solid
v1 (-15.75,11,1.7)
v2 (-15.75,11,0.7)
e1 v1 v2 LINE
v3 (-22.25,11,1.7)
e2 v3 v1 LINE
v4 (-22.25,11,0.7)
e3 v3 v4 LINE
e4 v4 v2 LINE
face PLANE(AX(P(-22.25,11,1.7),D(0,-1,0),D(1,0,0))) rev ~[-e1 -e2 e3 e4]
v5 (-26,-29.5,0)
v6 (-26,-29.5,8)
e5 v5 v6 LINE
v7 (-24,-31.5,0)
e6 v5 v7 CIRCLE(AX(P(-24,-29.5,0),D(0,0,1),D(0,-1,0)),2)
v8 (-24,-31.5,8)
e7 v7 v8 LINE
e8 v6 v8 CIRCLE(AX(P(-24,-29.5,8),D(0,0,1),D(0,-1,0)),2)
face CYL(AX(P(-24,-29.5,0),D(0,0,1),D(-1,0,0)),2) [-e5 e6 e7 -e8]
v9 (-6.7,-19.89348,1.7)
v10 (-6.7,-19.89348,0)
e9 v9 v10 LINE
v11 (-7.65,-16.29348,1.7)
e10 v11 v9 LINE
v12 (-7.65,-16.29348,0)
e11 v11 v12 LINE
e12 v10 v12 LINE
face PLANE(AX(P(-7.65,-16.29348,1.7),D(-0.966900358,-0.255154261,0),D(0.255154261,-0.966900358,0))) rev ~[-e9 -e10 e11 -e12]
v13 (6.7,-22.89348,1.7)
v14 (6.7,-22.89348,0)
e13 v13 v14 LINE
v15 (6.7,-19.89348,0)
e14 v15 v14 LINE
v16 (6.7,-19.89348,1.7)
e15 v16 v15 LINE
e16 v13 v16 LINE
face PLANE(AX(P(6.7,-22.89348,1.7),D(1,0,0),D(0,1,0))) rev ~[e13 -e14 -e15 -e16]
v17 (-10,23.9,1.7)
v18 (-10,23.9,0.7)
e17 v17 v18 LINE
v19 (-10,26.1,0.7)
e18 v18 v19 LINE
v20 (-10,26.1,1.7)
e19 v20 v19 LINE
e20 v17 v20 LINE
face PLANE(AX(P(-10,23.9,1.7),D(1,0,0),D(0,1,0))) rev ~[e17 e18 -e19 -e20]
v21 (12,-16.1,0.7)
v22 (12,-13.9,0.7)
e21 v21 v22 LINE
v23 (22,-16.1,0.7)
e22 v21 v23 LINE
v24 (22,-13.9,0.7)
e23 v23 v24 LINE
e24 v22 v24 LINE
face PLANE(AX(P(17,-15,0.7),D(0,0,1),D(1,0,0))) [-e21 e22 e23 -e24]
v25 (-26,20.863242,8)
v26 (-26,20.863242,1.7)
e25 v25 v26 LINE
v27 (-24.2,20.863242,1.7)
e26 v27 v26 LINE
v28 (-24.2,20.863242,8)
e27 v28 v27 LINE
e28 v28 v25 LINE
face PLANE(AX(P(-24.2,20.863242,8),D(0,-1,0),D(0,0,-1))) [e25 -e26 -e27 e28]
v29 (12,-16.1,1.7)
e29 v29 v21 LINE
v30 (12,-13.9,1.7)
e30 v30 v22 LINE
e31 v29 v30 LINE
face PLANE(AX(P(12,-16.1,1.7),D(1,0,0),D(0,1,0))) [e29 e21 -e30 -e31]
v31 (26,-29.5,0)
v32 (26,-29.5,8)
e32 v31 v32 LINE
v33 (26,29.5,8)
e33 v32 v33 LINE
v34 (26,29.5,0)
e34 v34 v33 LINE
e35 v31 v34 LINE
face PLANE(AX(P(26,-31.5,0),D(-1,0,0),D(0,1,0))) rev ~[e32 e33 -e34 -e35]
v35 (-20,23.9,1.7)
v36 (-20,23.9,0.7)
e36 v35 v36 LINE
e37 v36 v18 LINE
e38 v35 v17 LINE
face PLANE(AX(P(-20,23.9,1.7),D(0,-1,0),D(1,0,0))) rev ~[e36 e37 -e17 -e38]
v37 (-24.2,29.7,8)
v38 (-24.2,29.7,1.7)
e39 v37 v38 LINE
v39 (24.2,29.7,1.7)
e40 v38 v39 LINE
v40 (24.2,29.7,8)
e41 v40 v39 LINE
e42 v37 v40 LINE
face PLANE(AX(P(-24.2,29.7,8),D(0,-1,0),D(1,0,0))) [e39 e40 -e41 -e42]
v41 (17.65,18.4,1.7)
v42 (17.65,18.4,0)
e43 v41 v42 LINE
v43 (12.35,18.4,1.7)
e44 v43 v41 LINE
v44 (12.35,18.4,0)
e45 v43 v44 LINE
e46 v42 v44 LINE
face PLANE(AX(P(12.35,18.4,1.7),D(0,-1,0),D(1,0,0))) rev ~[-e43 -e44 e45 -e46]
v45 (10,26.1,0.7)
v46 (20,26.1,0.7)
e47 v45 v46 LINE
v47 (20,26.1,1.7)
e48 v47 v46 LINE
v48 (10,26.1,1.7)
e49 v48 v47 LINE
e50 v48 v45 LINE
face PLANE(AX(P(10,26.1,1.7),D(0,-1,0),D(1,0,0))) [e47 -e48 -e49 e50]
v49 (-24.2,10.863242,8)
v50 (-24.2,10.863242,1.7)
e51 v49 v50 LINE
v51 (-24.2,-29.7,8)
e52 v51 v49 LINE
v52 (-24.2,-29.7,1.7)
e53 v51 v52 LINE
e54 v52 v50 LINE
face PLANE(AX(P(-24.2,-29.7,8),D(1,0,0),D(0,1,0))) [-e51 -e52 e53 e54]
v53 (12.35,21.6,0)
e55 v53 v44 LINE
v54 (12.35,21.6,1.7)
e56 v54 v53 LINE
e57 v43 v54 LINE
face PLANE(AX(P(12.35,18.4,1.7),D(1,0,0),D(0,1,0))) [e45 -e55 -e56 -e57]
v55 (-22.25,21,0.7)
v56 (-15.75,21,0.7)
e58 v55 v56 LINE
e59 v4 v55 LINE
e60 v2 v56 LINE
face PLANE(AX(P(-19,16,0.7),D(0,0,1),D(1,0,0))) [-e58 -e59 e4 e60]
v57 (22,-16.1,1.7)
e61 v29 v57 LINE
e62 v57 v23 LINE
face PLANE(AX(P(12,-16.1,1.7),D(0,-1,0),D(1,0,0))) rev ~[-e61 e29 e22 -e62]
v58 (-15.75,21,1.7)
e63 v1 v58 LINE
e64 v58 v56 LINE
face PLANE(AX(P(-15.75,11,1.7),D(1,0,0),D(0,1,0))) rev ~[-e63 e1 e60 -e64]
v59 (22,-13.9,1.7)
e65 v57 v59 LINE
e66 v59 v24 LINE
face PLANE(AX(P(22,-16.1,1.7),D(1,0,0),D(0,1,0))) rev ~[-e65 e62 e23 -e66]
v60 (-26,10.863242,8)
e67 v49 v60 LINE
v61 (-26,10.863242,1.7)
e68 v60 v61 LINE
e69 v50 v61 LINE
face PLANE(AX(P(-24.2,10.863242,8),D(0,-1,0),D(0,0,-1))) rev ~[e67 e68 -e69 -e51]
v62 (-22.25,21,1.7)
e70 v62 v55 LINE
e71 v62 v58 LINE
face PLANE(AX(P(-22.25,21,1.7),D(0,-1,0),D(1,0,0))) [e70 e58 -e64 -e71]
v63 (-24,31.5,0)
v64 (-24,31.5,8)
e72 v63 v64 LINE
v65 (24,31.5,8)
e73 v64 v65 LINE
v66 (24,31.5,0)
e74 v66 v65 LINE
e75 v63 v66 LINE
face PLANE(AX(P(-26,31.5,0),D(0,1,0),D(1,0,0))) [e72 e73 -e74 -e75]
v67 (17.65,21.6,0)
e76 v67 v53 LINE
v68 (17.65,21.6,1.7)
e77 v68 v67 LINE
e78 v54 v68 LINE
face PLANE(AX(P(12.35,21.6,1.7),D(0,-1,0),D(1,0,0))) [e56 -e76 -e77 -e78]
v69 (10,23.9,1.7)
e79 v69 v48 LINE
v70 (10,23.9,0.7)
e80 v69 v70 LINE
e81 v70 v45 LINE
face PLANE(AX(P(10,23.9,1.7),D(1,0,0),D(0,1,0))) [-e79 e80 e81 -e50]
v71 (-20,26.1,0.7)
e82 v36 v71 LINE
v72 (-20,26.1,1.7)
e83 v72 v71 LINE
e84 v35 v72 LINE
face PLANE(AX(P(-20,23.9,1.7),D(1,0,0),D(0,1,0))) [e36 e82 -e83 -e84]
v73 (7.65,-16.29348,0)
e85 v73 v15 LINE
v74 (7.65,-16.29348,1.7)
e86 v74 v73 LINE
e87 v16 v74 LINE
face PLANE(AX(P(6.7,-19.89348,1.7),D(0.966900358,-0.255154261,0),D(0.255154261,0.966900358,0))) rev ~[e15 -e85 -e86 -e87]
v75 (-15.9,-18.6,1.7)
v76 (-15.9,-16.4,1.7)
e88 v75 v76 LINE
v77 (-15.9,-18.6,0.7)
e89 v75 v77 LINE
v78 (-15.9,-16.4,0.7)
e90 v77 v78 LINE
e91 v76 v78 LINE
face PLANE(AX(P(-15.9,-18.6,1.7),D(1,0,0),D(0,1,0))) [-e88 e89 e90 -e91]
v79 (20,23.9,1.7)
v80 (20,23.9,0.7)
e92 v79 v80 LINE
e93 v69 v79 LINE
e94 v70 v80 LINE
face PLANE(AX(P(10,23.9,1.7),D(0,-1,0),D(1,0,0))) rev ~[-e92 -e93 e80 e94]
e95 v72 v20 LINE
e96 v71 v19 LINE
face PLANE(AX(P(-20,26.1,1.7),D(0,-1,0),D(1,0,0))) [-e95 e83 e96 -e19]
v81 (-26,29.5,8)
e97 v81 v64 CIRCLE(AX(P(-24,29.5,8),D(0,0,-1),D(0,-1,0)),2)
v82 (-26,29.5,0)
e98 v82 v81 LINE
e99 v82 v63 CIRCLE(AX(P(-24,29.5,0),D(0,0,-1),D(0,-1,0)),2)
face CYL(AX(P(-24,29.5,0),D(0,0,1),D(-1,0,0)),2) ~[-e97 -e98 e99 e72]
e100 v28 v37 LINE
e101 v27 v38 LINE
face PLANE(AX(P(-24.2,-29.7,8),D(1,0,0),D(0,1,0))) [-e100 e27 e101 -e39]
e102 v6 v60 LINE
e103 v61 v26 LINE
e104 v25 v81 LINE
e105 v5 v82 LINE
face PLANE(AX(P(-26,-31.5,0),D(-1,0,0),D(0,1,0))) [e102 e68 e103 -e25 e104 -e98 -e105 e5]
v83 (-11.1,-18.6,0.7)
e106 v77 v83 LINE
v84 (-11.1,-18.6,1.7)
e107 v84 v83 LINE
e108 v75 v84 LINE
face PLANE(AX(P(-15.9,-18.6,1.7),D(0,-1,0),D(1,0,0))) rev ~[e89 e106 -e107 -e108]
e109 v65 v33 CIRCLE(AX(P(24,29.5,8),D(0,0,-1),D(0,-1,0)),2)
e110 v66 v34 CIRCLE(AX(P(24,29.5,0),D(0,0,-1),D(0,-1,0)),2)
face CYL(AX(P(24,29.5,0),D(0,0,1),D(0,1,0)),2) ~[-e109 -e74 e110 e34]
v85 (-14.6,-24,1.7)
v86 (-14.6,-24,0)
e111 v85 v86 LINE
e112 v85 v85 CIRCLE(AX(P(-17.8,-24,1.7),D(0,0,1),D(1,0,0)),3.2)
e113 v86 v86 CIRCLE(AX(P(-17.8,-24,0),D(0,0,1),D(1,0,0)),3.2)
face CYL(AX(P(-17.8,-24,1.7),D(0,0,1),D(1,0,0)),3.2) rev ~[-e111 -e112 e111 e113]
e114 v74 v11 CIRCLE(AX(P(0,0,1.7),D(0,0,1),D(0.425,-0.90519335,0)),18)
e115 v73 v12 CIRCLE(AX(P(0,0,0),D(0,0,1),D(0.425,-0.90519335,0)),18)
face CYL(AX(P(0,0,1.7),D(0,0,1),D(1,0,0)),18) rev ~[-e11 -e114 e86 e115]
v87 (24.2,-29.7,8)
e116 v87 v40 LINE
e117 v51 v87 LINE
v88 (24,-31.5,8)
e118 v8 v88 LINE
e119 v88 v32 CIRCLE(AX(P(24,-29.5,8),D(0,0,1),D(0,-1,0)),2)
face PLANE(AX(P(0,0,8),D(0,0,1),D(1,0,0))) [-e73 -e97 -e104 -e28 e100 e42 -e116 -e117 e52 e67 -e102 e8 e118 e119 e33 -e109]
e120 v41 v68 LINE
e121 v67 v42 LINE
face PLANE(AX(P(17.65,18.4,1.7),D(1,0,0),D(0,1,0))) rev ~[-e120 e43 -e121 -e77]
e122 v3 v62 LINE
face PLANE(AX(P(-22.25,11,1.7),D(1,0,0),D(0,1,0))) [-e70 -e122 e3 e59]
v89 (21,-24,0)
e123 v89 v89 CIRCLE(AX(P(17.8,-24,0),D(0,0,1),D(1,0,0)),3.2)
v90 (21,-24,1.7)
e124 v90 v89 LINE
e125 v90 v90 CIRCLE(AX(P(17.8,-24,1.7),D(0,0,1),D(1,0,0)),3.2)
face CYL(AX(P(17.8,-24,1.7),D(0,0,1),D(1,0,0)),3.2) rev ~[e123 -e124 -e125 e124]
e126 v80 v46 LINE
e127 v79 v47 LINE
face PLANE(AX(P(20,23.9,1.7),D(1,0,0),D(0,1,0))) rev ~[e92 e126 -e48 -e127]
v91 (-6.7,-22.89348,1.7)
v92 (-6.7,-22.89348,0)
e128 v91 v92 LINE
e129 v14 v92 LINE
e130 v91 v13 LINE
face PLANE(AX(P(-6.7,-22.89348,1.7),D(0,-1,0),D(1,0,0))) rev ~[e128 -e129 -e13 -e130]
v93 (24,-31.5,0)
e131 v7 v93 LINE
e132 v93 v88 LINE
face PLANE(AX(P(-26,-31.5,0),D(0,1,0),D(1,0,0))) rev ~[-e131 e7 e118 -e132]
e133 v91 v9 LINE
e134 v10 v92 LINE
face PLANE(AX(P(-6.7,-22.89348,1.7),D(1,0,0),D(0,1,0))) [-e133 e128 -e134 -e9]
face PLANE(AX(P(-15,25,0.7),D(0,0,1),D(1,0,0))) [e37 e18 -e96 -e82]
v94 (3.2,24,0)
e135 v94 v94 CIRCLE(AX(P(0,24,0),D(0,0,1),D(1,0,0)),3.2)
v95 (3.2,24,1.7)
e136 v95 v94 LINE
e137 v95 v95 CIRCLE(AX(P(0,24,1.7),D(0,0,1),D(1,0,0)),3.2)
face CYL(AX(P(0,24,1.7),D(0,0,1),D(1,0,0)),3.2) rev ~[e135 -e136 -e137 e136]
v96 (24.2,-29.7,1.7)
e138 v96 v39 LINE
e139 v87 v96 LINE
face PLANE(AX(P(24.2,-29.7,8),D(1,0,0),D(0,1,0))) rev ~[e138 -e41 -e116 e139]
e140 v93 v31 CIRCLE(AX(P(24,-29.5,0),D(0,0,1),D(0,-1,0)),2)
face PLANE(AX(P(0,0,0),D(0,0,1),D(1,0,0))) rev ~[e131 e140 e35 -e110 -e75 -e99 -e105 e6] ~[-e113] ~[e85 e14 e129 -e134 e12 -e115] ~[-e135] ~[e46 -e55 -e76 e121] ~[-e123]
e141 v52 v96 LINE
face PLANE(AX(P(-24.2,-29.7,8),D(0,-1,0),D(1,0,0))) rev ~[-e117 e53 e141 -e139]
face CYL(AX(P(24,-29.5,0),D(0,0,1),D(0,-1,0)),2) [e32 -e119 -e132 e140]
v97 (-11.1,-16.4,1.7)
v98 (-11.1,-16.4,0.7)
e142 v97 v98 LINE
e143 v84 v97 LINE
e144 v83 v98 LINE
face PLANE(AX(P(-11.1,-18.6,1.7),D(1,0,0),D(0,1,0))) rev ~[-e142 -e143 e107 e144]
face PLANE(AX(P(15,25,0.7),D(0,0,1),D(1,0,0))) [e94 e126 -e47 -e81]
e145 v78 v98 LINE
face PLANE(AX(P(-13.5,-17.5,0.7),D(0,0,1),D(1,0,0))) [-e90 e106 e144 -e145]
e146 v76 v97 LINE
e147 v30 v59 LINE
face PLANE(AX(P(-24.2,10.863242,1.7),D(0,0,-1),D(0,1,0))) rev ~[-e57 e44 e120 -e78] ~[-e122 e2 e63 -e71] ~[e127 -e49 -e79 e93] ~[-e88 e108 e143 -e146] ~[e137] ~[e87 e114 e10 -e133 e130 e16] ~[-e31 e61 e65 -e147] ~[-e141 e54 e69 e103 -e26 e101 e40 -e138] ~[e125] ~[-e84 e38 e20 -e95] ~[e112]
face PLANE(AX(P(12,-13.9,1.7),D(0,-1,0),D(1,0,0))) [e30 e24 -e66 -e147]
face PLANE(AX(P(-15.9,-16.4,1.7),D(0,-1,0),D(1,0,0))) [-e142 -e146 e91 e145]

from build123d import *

# Parameters (mm, degrees)
SKETCH_1_W          = 52
SKETCH_1_H          = 63
EXTRUDE_1_DEPTH     = 8
SKETCH_2_W          = 48.4
SKETCH_2_H          = 59.4
CUT_EXTRUDE_1_DEPTH = 6.3
FILLET_1_R          = 2
CUT_EXTRUDE_2_REACH = 43.327
SKETCH_3_R          = 3.2
CUT_EXTRUDE_3_REACH = 43.327
SKETCH_4_R          = 18
SKETCH_4_W          = 13.4
SKETCH_4_H          = 3
CUT_EXTRUDE_4_REACH = 43.327
SKETCH_5_W          = 5.3
SKETCH_5_H          = 3.2
SKETCH_6_W          = 10
SKETCH_6_H          = 2.2
SKETCH_6_W_2        = 4.8
SKETCH_6_W_3        = 6.5
SKETCH_6_H_2        = 10
CUT_EXTRUDE_5_DEPTH = 1
CUT_EXTRUDE_6_REACH = 61.802
SKETCH_7_W          = 6.3
SKETCH_7_H          = 10


with BuildPart() as part:
    # 草图1 → 凸台-拉伸1 (new body)
    with BuildSketch(Plane.XY):
        Rectangle(SKETCH_1_W, SKETCH_1_H)
    extrude(amount=EXTRUDE_1_DEPTH)

    # 草图2 → 切除-拉伸1 (cut)
    with BuildSketch(Plane.XY.offset(8)):
        Rectangle(SKETCH_2_W, SKETCH_2_H)
    extrude(amount=-CUT_EXTRUDE_1_DEPTH, mode=Mode.SUBTRACT)

    # 圆角1
    fillet_1_edges = [part.edges().sort_by_distance(p)[0] for p in [
        (26, -31.5, 4),
        (-26, -31.5, 4),
        (-26, 31.5, 4),
        (26, 31.5, 4),
    ]]
    fillet(fillet_1_edges, radius=FILLET_1_R)

    # 草图3 → 切除-拉伸2 (cut, up to next)
    with BuildSketch(Plane.XY.offset(1.7), mode=Mode.PRIVATE) as cut_extrude_2_sk1:
        with Locations((0, 24)):
            Circle(SKETCH_3_R)
    cut_extrude_2_tool1 = extrude(cut_extrude_2_sk1.sketch, amount=-CUT_EXTRUDE_2_REACH, mode=Mode.PRIVATE) & part.part
    # 草图3 → 切除-拉伸2 (cut, up to next)
    with BuildSketch(Plane.XY.offset(1.7), mode=Mode.PRIVATE) as cut_extrude_2_sk2:
        with Locations((-17.8, -24)):
            Circle(SKETCH_3_R)
    cut_extrude_2_tool2 = extrude(cut_extrude_2_sk2.sketch, amount=-CUT_EXTRUDE_2_REACH, mode=Mode.PRIVATE) & part.part
    # 草图3 → 切除-拉伸2 (cut, up to next)
    with BuildSketch(Plane.XY.offset(1.7), mode=Mode.PRIVATE) as cut_extrude_2_sk3:
        with Locations((17.8, -24)):
            Circle(SKETCH_3_R)
    cut_extrude_2_tool3 = extrude(cut_extrude_2_sk3.sketch, amount=-CUT_EXTRUDE_2_REACH, mode=Mode.PRIVATE) & part.part
    add(cut_extrude_2_tool1.solids().sort_by_distance((0, 24, 1.7))[0], mode=Mode.SUBTRACT)
    add(cut_extrude_2_tool2.solids().sort_by_distance((-17.8, -24, 1.7))[0], mode=Mode.SUBTRACT)
    add(cut_extrude_2_tool3.solids().sort_by_distance((17.8, -24, 1.7))[0], mode=Mode.SUBTRACT)

    # 草图4 → 切除-拉伸3 (cut, up to next)
    with BuildSketch(Plane.XY.offset(1.7), mode=Mode.PRIVATE) as cut_extrude_3_sk1:
        Circle(SKETCH_4_R)
    cut_extrude_3_tool1 = extrude(cut_extrude_3_sk1.sketch, amount=-CUT_EXTRUDE_3_REACH, mode=Mode.PRIVATE) & part.part
    # 草图4 → 切除-拉伸3 (cut, up to next)
    with BuildSketch(Plane.XY.offset(1.7), mode=Mode.PRIVATE) as cut_extrude_3_sk2:
        with BuildLine():
            ThreePointArc((7.65, -16.293480291), (0, -18), (-7.65, -16.293480291))
            Line((-7.65, -16.293480291), (-6.7, -19.893480291))
            Line((-6.7, -19.893480291), (6.7, -19.893480291))
            Line((6.7, -19.893480291), (7.65, -16.293480291))
        make_face()
    cut_extrude_3_tool2 = extrude(cut_extrude_3_sk2.sketch, amount=-CUT_EXTRUDE_3_REACH, mode=Mode.PRIVATE) & part.part
    # 草图4 → 切除-拉伸3 (cut, up to next)
    with BuildSketch(Plane.XY.offset(1.7), mode=Mode.PRIVATE) as cut_extrude_3_sk3:
        with Locations((0, -21.393480291)):
            Rectangle(SKETCH_4_W, SKETCH_4_H)
    cut_extrude_3_tool3 = extrude(cut_extrude_3_sk3.sketch, amount=-CUT_EXTRUDE_3_REACH, mode=Mode.PRIVATE) & part.part
    add(cut_extrude_3_tool1.solids().sort_by_distance((0, 0, 1.7))[0], mode=Mode.SUBTRACT)
    add(cut_extrude_3_tool2.solids().sort_by_distance((0, -18.608129, 1.7))[0], mode=Mode.SUBTRACT)
    add(cut_extrude_3_tool3.solids().sort_by_distance((0, -21.39348, 1.7))[0], mode=Mode.SUBTRACT)

    # 草图5 → 切除-拉伸4 (cut, up to next)
    with BuildSketch(Plane.XY.offset(1.7), mode=Mode.PRIVATE) as cut_extrude_4_sk1:
        with Locations((15, 20)):
            Rectangle(SKETCH_5_W, SKETCH_5_H)
    cut_extrude_4_tool1 = extrude(cut_extrude_4_sk1.sketch, amount=-CUT_EXTRUDE_4_REACH, mode=Mode.PRIVATE) & part.part
    add(cut_extrude_4_tool1.solids().sort_by_distance((15, 20, 1.7))[0], mode=Mode.SUBTRACT)

    # 草图6 → 切除-拉伸5 (cut)
    with BuildSketch(Plane.XY.offset(1.7)):
        with Locations((-15, 25)):
            Rectangle(SKETCH_6_W, SKETCH_6_H)
        with Locations((15, 25)):
            Rectangle(SKETCH_6_W, SKETCH_6_H)
        with Locations((17, -15)):
            Rectangle(SKETCH_6_W, SKETCH_6_H)
        with Locations((-13.5, -17.5)):
            Rectangle(SKETCH_6_W_2, SKETCH_6_H)
        with Locations((-19, 16)):
            Rectangle(SKETCH_6_W_3, SKETCH_6_H_2)
    extrude(amount=-CUT_EXTRUDE_5_DEPTH, mode=Mode.SUBTRACT)

    # 草图7 → 切除-拉伸6 (cut, up to next)
    with BuildSketch(Plane(origin=(-24.2, 0, 0), x_dir=(0, 0, -1), z_dir=(1, 0, 0)), mode=Mode.PRIVATE) as cut_extrude_6_sk1:
        with Locations((-4.85, 15.863241886)):
            Rectangle(SKETCH_7_W, SKETCH_7_H)
    cut_extrude_6_tool1 = extrude(cut_extrude_6_sk1.sketch, amount=-CUT_EXTRUDE_6_REACH, mode=Mode.PRIVATE) & part.part
    add(cut_extrude_6_tool1.solids().sort_by_distance((-24.2, 15.863242, 4.85))[0], mode=Mode.SUBTRACT)


solid = part.part
